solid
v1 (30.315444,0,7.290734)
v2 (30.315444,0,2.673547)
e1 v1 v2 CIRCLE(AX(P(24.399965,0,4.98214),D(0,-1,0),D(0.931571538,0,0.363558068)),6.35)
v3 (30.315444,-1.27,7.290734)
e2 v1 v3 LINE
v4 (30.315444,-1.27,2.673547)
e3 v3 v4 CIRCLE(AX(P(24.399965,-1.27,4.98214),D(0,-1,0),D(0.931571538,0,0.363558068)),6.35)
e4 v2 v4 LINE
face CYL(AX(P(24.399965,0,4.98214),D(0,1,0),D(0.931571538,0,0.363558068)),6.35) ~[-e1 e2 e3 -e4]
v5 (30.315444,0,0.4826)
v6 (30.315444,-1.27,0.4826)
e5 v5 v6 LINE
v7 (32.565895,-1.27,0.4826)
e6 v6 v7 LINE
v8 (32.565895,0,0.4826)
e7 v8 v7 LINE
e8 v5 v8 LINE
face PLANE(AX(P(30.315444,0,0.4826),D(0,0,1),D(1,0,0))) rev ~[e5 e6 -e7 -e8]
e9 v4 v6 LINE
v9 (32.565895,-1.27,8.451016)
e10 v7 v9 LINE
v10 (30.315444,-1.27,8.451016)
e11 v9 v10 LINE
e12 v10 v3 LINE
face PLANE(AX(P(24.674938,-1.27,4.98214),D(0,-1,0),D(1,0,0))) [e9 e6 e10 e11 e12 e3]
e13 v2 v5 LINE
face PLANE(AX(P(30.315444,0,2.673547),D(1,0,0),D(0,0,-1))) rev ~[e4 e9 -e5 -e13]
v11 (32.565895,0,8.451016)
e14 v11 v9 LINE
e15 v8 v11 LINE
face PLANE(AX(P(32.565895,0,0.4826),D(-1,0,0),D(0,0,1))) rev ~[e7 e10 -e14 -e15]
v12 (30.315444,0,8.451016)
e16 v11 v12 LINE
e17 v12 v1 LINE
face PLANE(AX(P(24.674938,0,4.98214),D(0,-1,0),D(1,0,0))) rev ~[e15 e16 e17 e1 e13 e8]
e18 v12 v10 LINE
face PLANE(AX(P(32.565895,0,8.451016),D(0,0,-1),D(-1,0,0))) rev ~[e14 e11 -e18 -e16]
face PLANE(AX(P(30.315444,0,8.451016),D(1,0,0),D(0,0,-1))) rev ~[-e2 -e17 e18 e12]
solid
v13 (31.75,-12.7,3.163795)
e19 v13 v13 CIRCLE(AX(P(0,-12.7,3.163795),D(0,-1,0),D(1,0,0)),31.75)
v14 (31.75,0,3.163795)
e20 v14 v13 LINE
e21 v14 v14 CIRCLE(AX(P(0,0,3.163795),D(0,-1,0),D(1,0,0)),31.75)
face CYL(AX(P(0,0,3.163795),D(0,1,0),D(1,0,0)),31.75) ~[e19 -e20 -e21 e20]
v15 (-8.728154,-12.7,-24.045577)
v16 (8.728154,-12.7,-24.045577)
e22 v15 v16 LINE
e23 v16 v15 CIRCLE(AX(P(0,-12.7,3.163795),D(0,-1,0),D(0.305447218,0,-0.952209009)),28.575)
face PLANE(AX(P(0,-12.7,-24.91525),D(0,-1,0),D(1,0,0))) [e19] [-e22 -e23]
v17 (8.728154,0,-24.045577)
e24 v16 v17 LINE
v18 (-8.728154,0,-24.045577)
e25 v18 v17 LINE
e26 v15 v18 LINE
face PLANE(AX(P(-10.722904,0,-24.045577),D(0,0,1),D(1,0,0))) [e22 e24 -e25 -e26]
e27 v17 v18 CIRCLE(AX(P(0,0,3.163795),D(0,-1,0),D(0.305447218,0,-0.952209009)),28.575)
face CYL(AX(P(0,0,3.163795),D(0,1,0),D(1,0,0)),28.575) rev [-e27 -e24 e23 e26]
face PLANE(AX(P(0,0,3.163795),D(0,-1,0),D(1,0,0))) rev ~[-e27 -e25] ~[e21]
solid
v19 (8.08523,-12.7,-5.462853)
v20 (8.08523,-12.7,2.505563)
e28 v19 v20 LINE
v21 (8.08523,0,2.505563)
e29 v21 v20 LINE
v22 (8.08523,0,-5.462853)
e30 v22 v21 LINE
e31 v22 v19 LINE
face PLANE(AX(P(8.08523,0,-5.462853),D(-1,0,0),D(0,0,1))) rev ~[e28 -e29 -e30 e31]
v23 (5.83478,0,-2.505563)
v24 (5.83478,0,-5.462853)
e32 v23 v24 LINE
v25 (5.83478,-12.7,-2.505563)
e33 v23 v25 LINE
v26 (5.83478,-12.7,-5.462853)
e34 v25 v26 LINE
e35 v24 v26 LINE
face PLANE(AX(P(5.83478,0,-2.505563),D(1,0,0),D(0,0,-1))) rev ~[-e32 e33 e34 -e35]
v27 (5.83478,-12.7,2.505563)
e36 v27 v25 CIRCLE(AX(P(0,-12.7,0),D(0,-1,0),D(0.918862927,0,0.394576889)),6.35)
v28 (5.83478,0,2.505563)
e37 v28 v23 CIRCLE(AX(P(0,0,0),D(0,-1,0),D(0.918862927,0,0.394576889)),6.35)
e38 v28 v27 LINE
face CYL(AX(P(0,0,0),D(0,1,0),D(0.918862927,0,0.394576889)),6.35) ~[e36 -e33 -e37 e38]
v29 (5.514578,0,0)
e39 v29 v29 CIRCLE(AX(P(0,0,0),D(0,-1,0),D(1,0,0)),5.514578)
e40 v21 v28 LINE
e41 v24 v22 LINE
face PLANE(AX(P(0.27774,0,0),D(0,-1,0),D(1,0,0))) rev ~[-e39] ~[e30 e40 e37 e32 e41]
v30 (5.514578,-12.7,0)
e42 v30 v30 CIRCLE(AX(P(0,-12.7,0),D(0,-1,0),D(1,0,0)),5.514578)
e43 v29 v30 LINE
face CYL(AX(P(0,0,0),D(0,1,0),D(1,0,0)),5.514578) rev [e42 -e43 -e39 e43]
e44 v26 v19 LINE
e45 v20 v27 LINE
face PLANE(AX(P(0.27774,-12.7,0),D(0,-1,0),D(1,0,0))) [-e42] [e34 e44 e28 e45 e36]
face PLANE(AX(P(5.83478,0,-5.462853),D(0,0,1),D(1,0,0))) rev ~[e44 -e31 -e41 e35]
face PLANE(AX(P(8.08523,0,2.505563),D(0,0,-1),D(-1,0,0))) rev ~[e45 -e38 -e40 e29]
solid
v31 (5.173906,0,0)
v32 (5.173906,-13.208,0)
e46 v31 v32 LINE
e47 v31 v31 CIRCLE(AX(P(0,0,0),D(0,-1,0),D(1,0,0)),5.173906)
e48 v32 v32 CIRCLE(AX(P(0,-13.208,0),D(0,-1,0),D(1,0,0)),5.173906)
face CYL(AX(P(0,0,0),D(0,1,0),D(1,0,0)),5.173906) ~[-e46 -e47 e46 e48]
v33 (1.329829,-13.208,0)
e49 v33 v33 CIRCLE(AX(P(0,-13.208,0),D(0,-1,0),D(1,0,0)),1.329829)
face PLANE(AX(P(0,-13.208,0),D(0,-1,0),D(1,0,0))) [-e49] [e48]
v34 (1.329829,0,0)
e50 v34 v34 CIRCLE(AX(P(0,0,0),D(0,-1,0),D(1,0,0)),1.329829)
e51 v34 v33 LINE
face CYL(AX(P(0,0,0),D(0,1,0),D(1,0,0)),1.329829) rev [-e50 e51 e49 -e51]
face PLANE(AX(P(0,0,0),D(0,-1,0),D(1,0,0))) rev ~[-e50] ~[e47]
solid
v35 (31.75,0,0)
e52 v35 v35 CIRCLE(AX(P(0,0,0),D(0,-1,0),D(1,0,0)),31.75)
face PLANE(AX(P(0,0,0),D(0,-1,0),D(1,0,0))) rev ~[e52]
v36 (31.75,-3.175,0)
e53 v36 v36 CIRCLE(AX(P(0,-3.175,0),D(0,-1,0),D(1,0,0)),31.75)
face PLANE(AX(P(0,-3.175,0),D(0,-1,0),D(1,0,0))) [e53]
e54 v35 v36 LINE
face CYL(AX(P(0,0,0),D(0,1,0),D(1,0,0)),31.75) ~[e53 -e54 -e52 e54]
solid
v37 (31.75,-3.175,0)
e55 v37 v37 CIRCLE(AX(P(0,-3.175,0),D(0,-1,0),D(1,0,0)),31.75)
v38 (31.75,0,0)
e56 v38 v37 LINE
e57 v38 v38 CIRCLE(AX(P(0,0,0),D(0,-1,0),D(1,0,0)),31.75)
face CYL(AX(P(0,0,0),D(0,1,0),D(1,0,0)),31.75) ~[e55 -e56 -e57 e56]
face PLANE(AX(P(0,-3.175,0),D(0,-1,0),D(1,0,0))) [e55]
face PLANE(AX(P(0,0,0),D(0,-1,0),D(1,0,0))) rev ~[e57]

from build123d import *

# Parameters (mm, degrees)
F0_R      = 31.75
F0_R_2    = 28.575
F1_DEPTH  = 12.7
F2_R      = 31.75
F3_DEPTH  = 3.175
F4_R      = 31.75
F5_DEPTH  = 3.175
F6_W      = 21.4458070695
F6_H      = 1.7393454909
F7_DEPTH  = 12.7
F8_R      = 5.5145784087
F9_DEPTH  = 12.7
F10_DEPTH = 1.27
F8_R_2    = 5.1739063848
F8_R_3    = 1.3298288243
F11_DEPTH = 13.208


with BuildPart() as f1:
    # F0 (on Front) → F1 (new body)
    with BuildSketch(Plane.XZ):
        with Locations((0, 3.1637951601)):
            Circle(F0_R)
        with Locations((0, 3.1637951601)):
            Circle(F0_R_2, mode=Mode.SUBTRACT)
    extrude(amount=F1_DEPTH)

    # F6 (on Front) → F7 (join)
    with BuildSketch(Plane.XZ):
        with Locations((0, -24.9152500182)):
            Rectangle(F6_W, F6_H)
    extrude(amount=F7_DEPTH)


with BuildPart() as f3:
    # F2 (on Front) → F3 (new body)
    with BuildSketch(Plane.XZ):
        Circle(F2_R)
    extrude(amount=F3_DEPTH)


with BuildPart() as f5:
    # F4 (on Front) → F5 (new body)
    with BuildSketch(Plane.XZ):
        Circle(F4_R)
    extrude(amount=F5_DEPTH)


with BuildPart() as f9:
    # F8 (on Front) → F9 (new body)
    with BuildSketch(Plane.XZ):
        with BuildLine():
            Line((5.8347795857, -2.5055632473), (5.8347795857, 2.5055632473))
            ThreePointArc((5.8347795857, 2.5055632473), (-6.35, 0), (5.8347795857, -2.5055632473))
        make_face()
        Circle(F8_R, mode=Mode.SUBTRACT)
        with BuildLine():
            ThreePointArc((5.8347795857, 2.5055632473), (6.2198613477, 1.2789936729), (6.35, 0))
            ThreePointArc((6.35, 0), (6.2198613477, -1.2789936729), (5.8347795857, -2.5055632473))
            Line((5.8347795857, -2.5055632473), (5.8347795857, -5.4628530052))
            Line((5.8347795857, -5.4628530052), (8.0852303654, -5.4628530052))
            Line((8.0852303654, -5.4628530052), (8.0852303654, 2.5055632473))
            Line((8.0852303654, 2.5055632473), (5.8347795857, 2.5055632473))
        make_face()
        with BuildLine():
            ThreePointArc((5.8347795857, -2.5055632473), (6.2198613477, -1.2789936729), (6.35, 0))
            ThreePointArc((6.35, 0), (6.2198613477, 1.2789936729), (5.8347795857, 2.5055632473))
            Line((5.8347795857, 2.5055632473), (5.8347795857, -2.5055632473))
        make_face()
    extrude(amount=F9_DEPTH)


with BuildPart() as f10:
    # F8 (on Front) → F10 (new body)
    with BuildSketch(Plane.XZ):
        with BuildLine():
            Line((30.3154438734, 2.6735466489), (30.3154438734, 7.2907341129))
            ThreePointArc((30.3154438734, 7.2907341129), (18.0499646045, 4.9821403809), (30.3154438734, 2.6735466489))
        make_face()
        with BuildLine():
            ThreePointArc((30.3154438734, 2.6735466489), (30.6403890035, 3.8075752182), (30.7499646045, 4.9821403809))
            ThreePointArc((30.7499646045, 4.9821403809), (30.6403890035, 6.1567055435), (30.3154438734, 7.2907341129))
            Line((30.3154438734, 7.2907341129), (30.3154438734, 2.6735466489))
        make_face()
        with BuildLine():
            ThreePointArc((30.3154438734, 7.2907341129), (30.6403890035, 6.1567055435), (30.7499646045, 4.9821403809))
            ThreePointArc((30.7499646045, 4.9821403809), (30.6403890035, 3.8075752182), (30.3154438734, 2.6735466489))
            Line((30.3154438734, 2.6735466489), (30.3154438734, 0.4826000077))
            Line((30.3154438734, 0.4826000077), (32.5658946531, 0.4826000077))
            Line((32.5658946531, 0.4826000077), (32.5658946531, 8.4510162601))
            Line((32.5658946531, 8.4510162601), (30.3154438734, 8.4510162601))
            Line((30.3154438734, 8.4510162601), (30.3154438734, 7.2907341129))
        make_face()
    extrude(amount=F10_DEPTH)


with BuildPart() as f11:
    # F8 (on Front) → F11 (new body)
    with BuildSketch(Plane.XZ):
        Circle(F8_R_2)
        Circle(F8_R_3, mode=Mode.SUBTRACT)
    extrude(amount=F11_DEPTH)


solid = Compound([f1.part, f3.part, f5.part, f9.part, f10.part, f11.part])
